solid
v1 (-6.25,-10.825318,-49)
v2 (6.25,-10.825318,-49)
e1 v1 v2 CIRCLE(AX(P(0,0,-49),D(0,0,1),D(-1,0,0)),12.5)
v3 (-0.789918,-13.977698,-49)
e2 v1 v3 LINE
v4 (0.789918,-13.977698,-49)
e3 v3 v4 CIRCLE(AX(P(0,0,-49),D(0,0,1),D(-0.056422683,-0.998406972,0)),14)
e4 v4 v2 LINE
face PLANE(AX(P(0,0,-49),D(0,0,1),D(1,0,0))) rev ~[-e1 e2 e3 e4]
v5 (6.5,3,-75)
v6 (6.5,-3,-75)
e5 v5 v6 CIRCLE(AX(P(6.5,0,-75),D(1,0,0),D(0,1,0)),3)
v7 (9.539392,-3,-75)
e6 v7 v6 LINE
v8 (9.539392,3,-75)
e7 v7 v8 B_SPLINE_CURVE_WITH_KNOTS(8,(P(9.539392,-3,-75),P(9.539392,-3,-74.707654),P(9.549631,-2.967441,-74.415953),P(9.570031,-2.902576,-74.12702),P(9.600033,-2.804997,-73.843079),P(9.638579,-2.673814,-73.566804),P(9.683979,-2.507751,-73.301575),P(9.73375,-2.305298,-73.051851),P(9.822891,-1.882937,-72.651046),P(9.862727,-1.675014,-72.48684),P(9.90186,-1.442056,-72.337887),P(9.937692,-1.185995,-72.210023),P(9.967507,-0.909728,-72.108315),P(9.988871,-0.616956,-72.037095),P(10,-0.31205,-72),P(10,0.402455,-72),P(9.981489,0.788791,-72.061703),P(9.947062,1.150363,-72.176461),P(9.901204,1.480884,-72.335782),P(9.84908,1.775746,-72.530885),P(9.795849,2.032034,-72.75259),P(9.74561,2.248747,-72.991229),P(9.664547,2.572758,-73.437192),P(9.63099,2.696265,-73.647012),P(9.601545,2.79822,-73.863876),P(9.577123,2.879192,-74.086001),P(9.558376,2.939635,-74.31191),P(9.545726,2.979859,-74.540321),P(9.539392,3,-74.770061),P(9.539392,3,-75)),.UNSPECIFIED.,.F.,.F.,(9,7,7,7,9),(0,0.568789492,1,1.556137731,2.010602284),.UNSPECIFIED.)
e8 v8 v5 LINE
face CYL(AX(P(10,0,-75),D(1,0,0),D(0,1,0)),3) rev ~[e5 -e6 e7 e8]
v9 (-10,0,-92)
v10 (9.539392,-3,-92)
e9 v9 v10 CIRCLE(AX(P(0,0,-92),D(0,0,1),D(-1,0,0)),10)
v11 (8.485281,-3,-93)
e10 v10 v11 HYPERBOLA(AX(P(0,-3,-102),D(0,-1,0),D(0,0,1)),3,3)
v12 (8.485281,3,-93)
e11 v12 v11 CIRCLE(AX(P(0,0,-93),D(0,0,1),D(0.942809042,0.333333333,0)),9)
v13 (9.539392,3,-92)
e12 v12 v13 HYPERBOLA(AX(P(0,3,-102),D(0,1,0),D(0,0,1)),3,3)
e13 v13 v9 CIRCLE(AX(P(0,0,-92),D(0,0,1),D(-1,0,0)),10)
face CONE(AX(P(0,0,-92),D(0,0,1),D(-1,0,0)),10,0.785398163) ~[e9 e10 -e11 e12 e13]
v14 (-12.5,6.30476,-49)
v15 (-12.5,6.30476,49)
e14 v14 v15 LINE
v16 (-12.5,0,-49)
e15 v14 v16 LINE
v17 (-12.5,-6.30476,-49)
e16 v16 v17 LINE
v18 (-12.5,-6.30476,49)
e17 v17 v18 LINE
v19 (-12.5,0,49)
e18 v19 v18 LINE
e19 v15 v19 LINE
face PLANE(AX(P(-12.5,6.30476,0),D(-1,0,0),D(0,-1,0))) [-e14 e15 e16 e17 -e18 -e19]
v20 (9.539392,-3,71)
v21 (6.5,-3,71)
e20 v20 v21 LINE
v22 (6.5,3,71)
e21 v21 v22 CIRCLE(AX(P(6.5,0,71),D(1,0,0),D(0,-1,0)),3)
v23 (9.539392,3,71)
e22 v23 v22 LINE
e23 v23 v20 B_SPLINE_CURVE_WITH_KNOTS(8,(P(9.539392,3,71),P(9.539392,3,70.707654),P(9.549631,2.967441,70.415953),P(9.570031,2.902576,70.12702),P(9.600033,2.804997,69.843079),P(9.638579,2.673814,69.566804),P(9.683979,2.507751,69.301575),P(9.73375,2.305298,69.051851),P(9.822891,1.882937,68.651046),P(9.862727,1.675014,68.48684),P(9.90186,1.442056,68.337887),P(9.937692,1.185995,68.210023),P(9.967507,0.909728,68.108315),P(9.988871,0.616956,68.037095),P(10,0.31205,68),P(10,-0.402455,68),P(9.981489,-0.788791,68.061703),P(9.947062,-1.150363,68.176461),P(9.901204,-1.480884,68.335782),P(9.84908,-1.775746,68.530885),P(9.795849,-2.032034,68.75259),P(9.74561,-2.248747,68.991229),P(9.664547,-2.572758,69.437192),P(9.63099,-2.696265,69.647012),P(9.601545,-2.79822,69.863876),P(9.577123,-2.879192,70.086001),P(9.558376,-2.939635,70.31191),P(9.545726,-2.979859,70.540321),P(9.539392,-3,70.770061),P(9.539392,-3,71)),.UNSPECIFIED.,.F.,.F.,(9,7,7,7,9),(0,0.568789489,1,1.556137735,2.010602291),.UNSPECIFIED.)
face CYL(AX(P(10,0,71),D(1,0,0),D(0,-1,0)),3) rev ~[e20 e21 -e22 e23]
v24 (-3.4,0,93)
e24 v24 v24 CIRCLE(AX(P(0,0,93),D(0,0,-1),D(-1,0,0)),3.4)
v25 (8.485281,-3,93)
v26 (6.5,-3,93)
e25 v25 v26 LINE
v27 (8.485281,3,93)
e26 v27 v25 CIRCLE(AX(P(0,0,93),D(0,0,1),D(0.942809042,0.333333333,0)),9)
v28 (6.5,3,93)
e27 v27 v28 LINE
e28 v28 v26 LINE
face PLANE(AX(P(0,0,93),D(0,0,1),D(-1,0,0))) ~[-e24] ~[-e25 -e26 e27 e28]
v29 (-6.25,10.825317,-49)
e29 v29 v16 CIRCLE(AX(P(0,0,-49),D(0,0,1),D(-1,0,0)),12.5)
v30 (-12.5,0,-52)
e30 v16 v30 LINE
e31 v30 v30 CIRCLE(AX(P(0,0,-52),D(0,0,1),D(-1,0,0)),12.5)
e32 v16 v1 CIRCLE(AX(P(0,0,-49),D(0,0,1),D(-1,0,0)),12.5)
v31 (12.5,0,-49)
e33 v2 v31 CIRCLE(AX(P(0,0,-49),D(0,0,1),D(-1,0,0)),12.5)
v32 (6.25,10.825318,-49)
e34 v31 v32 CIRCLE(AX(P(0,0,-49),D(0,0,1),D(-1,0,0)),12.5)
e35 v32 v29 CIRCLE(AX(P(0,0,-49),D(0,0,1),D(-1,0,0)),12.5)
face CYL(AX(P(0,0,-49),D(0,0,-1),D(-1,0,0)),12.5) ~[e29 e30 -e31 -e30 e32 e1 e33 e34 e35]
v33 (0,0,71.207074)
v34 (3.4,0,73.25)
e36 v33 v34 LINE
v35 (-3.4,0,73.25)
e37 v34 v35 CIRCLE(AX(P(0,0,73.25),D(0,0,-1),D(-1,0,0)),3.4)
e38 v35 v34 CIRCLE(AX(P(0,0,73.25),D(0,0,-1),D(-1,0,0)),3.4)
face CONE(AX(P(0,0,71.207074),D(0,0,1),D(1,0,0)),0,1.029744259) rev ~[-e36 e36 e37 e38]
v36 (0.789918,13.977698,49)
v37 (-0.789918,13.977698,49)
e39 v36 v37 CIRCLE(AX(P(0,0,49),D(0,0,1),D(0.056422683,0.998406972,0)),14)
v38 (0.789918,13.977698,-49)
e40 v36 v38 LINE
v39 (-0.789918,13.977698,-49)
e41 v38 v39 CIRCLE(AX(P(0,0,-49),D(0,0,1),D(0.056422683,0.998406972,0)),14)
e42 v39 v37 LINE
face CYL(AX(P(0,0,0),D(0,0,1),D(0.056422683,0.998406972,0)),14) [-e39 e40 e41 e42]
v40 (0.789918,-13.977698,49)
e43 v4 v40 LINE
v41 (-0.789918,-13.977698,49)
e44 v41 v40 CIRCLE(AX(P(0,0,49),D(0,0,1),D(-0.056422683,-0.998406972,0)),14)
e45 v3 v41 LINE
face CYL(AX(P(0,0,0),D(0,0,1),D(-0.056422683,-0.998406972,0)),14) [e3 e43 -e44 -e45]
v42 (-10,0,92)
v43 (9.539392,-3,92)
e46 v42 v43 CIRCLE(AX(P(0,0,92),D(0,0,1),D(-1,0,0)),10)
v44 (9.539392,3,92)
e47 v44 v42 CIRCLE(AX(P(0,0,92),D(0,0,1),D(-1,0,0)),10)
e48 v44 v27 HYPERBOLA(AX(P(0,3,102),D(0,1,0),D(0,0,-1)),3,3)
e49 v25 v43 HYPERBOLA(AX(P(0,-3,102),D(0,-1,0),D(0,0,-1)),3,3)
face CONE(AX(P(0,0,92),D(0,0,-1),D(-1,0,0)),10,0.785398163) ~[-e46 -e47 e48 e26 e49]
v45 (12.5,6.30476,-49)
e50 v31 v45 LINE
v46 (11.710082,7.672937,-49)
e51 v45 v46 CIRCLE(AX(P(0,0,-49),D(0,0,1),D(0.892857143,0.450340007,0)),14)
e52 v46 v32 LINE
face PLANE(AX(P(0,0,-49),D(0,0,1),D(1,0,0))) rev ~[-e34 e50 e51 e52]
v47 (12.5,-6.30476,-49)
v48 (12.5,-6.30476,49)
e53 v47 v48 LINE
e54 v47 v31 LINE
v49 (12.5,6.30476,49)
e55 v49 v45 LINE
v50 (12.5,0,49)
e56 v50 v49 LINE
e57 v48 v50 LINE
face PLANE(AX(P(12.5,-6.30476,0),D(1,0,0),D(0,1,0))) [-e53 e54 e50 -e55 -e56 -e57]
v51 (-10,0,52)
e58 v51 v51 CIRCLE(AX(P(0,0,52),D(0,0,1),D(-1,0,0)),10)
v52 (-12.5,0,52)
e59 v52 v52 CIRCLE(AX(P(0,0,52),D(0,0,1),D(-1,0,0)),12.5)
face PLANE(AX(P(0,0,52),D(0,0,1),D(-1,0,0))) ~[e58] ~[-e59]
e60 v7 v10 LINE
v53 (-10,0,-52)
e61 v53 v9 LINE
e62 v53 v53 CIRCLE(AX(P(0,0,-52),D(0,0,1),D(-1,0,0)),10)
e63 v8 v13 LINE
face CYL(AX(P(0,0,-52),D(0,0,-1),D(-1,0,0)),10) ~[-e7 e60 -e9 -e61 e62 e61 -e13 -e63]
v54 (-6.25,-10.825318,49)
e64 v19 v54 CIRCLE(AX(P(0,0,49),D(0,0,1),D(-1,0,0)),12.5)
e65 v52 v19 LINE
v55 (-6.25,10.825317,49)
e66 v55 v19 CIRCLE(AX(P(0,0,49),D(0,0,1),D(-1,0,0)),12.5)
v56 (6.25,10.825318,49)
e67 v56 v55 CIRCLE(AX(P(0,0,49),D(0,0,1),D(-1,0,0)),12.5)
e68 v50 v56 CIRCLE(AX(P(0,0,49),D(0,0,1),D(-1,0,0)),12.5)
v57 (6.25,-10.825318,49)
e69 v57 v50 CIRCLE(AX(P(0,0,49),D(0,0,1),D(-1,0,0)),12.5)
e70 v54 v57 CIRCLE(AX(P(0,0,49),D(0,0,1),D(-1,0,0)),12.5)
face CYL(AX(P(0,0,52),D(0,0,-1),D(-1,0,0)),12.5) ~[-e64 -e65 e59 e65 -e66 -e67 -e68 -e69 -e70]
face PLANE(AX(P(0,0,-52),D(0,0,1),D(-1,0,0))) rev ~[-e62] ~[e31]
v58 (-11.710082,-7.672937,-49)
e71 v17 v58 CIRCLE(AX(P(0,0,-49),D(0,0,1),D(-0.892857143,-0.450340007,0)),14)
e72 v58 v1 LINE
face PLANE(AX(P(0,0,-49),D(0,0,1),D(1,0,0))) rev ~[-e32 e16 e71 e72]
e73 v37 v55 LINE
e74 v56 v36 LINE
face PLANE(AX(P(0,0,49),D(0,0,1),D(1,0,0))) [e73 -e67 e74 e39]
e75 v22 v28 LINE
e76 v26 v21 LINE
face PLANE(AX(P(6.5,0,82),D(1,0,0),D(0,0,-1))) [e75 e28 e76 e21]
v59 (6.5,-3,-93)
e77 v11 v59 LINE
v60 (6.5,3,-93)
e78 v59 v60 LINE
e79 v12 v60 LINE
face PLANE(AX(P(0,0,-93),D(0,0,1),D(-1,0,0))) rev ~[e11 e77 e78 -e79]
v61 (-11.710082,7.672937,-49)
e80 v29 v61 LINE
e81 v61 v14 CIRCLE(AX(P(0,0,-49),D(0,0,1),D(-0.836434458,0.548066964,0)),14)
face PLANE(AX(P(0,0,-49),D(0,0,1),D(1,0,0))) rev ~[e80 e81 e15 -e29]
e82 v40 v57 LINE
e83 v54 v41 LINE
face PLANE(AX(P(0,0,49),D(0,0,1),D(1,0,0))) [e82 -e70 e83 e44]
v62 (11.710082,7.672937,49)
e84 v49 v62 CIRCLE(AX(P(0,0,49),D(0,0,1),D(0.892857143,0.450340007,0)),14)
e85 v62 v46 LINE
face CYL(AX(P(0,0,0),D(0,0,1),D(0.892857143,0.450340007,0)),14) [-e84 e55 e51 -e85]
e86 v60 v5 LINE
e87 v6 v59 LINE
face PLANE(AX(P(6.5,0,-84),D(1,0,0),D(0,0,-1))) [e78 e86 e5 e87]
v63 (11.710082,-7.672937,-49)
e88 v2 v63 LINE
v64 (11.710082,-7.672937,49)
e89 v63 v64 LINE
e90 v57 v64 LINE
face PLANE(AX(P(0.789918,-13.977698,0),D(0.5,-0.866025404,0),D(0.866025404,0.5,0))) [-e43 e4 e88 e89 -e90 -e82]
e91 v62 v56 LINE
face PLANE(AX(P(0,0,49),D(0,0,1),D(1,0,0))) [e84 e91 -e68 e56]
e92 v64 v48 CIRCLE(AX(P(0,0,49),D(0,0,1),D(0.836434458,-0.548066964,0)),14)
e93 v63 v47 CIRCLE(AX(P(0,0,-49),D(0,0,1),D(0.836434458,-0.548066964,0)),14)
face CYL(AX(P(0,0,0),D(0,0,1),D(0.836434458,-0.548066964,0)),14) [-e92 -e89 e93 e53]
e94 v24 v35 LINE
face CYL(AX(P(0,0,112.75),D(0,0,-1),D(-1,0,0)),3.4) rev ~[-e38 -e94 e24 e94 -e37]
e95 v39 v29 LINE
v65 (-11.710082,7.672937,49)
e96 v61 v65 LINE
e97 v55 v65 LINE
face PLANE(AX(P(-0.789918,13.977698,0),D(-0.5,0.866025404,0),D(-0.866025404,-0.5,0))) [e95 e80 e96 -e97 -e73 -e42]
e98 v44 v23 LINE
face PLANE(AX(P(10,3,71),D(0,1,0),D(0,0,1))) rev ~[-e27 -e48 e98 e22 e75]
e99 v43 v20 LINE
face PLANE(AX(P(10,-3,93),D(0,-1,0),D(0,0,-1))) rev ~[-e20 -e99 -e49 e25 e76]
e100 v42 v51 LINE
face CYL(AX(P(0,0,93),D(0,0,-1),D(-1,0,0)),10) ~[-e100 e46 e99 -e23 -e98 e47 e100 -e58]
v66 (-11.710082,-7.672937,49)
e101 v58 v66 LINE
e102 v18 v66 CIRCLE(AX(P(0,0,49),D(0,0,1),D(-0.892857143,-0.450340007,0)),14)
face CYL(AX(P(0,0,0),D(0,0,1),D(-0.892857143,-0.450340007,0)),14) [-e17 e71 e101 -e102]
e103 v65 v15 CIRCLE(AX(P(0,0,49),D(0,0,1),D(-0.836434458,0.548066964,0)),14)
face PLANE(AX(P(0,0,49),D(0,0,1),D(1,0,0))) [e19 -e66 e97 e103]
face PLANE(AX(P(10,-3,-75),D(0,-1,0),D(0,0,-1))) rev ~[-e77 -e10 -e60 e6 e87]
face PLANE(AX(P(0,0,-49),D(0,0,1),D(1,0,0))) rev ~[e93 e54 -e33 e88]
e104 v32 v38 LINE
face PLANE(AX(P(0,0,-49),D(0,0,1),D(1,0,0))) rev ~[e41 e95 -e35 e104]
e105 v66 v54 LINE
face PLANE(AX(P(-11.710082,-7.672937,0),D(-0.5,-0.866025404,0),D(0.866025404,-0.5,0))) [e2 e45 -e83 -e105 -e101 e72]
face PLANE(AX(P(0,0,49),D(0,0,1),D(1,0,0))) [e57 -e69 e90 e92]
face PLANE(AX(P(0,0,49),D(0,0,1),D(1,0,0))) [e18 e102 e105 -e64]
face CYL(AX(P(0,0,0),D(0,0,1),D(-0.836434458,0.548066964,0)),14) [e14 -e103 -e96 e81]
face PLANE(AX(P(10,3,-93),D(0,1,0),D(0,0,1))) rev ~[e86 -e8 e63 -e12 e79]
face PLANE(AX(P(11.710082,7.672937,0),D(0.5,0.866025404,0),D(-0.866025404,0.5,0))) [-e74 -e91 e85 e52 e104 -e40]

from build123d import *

# Parameters (mm, degrees)
BOSS_EXTRUDE1_DEPTH   = 49
CHAMFER1_SIZE         = 1
M8_TAPPED_HOLE1_D     = 6.8
M8_TAPPED_HOLE1_DEPTH = 19.75
M8_TAPPED_HOLE1_TIP   = 2.042926105
CUT_EXTRUDE1_START    = 10
CUT_EXTRUDE1_DEPTH    = 3.5


with BuildPart() as part:
    # Sketch1 → Boss-Extrude1 (new, symmetric)
    with BuildSketch(Plane.XY):
        with BuildLine():
            ThreePointArc((0.789917583, 13.977697601), (0, 14), (-0.789917583, 13.977697601))
            Line((-0.789917583, 13.977697601), (-11.710082417, 7.672937494))
            ThreePointArc((-11.710082417, 7.672937494), (-12.124355653, 7), (-12.5, 6.304760106))
            Line((-12.5, 6.304760106), (-12.5, -6.304760106))
            ThreePointArc((-12.5, -6.304760106), (-12.124355653, -7), (-11.710082417, -7.672937494))
            Line((-11.710082417, -7.672937494), (-0.789917583, -13.977697601))
            ThreePointArc((-0.789917583, -13.977697601), (0, -14), (0.789917583, -13.977697601))
            Line((0.789917583, -13.977697601), (11.710082417, -7.672937494))
            ThreePointArc((11.710082417, -7.672937494), (12.124355653, -7), (12.5, -6.304760106))
            Line((12.5, -6.304760106), (12.5, 6.304760106))
            ThreePointArc((12.5, 6.304760106), (12.124355653, 7), (11.710082417, 7.672937494))
            Line((11.710082417, 7.672937494), (0.789917583, 13.977697601))
        make_face()
    extrude(amount=BOSS_EXTRUDE1_DEPTH, both=True)

    # Sketch2 → Revolve1 (revolve)
    with BuildSketch(Plane(origin=(0, 0, 0), x_dir=(0, 0, -1), z_dir=(1, 0, 0)), mode=Mode.PRIVATE) as revolve1_sk:
        Polygon((-93, 0), (-93, 10), (-52, 10), (-52, 12.5), (-49, 12.5), (-49, 0), align=None)
        Polygon((52, 10), (93, 10), (93, 0), (49, 0), (49, 12.5), (52, 12.5), align=None)
    revolve(revolve1_sk.sketch.rotate(Axis((0, 0, -70.752525622), (0, 0, 1)), 90), axis=Axis((0, 0, -70.752525622), (0, 0, 1)))

    # Chamfer1
    chamfer1_edges = [part.edges().sort_by_distance(p)[0] for p in [
        (10, 0, 93),
        (10, 0, -93),
    ]]
    chamfer(chamfer1_edges, length=CHAMFER1_SIZE)

    # M8 Tapped Hole1
    with Locations(Plane.XY.offset(93)):
        with Locations((0, 0)):
            Hole(M8_TAPPED_HOLE1_D / 2, depth=M8_TAPPED_HOLE1_DEPTH)
            with Locations((0, 0, -(M8_TAPPED_HOLE1_DEPTH + M8_TAPPED_HOLE1_TIP / 2))):  # 118° drill point
                Cone(0, M8_TAPPED_HOLE1_D / 2, M8_TAPPED_HOLE1_TIP, mode=Mode.SUBTRACT)

    # Sketch4 → Cut-Extrude1 (cut)
    with BuildSketch(Plane(origin=(0, 0, 0), x_dir=(0, 0, -1), z_dir=(1, 0, 0)).offset(CUT_EXTRUDE1_START)):
        with BuildLine():
            Line((-93, -3), (-71, -3))
            ThreePointArc((-71, -3), (-68, 0), (-71, 3))
            Line((-71, 3), (-93, 3))
            ThreePointArc((-93, 3), (-96, 0), (-93, -3))
        make_face()
        with BuildLine():
            Line((93, 3), (75, 3))
            ThreePointArc((75, 3), (72, 0), (75, -3))
            Line((75, -3), (93, -3))
            ThreePointArc((93, -3), (96, 0), (93, 3))
        make_face()
    extrude(amount=-CUT_EXTRUDE1_DEPTH, mode=Mode.SUBTRACT)


solid = part.part
